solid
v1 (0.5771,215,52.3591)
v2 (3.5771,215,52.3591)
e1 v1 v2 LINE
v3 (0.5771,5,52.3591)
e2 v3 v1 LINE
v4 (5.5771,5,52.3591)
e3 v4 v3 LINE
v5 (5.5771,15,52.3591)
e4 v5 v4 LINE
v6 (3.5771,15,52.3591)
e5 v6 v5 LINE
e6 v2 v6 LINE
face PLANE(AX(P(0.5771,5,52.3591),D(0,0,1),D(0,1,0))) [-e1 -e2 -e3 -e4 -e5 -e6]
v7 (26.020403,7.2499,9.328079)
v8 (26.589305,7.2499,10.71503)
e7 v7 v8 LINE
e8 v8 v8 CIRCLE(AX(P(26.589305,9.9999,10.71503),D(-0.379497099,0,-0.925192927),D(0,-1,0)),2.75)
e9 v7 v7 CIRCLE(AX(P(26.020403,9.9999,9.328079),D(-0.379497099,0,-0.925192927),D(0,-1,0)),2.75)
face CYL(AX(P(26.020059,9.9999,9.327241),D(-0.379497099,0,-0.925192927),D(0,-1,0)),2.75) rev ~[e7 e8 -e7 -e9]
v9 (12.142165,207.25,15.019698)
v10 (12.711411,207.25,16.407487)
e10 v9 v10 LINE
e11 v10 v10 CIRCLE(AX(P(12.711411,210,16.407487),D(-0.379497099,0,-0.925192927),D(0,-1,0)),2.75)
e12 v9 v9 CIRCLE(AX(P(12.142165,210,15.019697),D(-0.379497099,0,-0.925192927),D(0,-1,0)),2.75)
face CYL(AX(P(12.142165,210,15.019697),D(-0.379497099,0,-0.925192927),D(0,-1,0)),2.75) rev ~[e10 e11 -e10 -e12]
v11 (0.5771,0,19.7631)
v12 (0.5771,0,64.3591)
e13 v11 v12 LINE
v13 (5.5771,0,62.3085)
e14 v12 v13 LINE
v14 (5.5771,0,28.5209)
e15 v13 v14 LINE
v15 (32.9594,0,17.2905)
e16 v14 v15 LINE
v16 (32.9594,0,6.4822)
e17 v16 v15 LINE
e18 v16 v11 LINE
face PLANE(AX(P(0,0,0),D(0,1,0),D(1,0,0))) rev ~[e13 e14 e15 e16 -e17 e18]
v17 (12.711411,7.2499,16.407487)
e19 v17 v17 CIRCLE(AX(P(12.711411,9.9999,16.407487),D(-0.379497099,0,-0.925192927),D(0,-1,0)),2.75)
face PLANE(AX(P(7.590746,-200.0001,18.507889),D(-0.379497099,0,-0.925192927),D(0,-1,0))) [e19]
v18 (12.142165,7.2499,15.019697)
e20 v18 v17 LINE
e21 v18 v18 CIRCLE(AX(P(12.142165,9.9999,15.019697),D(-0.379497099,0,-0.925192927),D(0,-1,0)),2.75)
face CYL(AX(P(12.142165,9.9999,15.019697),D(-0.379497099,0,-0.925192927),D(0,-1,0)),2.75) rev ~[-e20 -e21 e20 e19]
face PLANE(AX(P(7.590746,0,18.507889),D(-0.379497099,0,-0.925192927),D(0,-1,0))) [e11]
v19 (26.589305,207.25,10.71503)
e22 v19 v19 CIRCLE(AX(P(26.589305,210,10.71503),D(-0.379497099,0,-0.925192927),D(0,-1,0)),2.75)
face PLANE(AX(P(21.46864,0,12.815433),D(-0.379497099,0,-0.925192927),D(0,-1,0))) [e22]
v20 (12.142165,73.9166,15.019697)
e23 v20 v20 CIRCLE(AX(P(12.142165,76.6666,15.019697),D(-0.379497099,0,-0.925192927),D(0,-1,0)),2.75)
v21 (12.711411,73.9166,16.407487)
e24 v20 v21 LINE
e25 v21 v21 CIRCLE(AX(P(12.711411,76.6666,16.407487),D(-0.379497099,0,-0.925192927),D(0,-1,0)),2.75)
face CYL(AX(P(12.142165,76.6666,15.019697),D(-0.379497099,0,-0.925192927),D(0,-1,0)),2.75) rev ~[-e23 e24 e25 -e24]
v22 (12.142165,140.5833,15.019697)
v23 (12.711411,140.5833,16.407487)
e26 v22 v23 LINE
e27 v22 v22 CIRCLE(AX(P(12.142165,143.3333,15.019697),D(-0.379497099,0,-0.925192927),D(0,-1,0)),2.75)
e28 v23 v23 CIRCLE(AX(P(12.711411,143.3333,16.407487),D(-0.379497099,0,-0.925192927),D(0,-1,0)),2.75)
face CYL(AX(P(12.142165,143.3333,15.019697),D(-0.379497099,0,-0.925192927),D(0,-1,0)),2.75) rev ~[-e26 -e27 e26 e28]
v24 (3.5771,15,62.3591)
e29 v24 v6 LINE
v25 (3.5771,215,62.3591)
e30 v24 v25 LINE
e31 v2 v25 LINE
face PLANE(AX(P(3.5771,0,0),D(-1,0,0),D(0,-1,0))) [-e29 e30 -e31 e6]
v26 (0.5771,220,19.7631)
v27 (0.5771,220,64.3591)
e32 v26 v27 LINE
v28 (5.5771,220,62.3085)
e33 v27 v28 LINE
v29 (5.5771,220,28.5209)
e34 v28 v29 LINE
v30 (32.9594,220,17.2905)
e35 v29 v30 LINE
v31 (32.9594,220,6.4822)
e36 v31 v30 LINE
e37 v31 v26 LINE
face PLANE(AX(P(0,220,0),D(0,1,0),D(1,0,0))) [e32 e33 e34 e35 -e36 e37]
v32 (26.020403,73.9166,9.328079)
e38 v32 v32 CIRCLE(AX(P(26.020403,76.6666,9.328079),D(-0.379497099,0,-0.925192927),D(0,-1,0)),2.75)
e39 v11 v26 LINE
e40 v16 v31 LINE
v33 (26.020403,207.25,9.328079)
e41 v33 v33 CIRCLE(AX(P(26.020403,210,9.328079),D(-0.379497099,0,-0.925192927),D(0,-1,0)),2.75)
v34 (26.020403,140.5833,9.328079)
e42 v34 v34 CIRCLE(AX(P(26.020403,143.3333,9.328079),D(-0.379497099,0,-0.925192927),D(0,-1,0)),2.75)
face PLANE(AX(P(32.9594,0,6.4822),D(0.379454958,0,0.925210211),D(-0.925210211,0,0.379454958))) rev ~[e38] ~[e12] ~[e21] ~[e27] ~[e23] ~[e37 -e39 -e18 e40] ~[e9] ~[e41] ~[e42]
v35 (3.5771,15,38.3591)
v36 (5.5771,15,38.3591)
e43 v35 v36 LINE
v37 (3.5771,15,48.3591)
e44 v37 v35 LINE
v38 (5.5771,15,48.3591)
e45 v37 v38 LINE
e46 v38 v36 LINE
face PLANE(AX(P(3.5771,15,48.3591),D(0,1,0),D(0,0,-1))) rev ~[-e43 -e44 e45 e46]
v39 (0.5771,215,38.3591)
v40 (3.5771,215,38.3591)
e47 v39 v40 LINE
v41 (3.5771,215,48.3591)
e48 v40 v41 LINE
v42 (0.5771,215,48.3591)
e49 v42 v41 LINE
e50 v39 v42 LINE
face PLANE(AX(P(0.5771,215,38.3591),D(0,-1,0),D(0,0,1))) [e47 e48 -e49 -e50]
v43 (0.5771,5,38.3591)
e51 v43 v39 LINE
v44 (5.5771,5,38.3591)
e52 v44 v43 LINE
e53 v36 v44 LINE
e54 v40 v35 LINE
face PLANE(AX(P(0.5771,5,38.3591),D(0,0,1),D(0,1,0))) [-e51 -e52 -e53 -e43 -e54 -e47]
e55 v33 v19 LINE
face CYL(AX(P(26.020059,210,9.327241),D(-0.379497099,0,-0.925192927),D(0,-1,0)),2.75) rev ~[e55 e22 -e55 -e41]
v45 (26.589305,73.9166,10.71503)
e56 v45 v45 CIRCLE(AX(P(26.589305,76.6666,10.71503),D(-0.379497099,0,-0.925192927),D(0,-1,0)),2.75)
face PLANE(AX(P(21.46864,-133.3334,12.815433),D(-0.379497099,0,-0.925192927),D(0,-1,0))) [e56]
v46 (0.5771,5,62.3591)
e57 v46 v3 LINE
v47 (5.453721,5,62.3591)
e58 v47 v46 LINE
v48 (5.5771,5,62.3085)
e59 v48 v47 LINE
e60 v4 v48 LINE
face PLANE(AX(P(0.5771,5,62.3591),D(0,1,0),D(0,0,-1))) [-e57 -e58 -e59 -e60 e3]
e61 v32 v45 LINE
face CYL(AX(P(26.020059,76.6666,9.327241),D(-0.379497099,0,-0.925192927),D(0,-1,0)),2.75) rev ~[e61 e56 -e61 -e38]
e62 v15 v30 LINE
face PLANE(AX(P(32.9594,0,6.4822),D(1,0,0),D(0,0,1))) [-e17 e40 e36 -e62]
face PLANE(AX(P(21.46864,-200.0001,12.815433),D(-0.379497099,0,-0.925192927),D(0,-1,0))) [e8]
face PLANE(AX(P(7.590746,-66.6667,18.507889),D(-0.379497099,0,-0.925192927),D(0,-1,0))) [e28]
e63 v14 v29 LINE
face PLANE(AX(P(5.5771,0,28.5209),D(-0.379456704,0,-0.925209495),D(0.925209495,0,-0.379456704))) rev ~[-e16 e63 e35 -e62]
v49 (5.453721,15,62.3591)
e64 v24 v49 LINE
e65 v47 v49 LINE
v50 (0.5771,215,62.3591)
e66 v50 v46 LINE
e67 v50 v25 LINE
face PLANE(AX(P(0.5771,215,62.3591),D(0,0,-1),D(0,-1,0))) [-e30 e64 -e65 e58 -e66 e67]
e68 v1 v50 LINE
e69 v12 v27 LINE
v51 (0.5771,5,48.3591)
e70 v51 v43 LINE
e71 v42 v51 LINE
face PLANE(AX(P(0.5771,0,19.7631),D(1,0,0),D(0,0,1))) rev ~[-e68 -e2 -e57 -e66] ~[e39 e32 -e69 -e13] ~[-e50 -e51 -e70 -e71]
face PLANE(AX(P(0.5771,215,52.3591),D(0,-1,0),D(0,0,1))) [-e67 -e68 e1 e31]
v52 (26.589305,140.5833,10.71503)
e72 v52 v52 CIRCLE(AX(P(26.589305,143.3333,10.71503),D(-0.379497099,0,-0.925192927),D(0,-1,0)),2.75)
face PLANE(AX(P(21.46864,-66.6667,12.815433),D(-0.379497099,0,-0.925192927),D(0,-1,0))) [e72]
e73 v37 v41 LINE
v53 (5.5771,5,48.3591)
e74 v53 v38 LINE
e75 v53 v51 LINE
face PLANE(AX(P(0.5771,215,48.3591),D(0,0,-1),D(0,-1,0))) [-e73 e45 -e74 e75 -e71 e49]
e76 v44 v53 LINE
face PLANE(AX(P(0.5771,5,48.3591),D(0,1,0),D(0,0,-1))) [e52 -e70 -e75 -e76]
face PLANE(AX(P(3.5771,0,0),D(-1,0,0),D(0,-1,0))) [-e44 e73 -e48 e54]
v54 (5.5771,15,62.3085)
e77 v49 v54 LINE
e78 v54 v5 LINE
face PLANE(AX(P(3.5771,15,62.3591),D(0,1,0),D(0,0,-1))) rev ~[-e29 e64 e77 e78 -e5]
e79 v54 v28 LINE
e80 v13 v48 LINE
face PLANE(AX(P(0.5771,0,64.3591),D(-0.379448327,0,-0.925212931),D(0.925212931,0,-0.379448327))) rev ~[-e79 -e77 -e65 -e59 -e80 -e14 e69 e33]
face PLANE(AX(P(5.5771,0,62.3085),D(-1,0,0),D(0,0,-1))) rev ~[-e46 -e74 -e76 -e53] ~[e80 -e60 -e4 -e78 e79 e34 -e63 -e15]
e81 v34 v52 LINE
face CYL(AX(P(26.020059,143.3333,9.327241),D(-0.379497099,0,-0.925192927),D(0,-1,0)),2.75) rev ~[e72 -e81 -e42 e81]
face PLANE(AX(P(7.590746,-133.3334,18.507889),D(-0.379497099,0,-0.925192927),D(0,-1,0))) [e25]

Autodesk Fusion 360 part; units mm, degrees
sketch "Name Sign LED Holder Top" plane through (0, 0, 0) normal (0, 1, 0) x (1, 0, 0)
  line L0 (0.5771, -64.3591) -> (5.5771, -64.3591)
  line L1 (5.5771, -64.3591) -> (5.5771, -28.5209)
  line L2 (5.5771, -28.5209) -> (36.754, -15.7343)
  line L3 (36.754, -15.7343) -> (32.9594, -6.4822)
  line L4 (32.9594, -6.4822) -> (0.5771, -19.7631)
  line L5 (0.5771, -19.7631) -> (0.5771, -64.3591)
  line L6 (0.5771, -64.3591) -> (5.5771, -62.3085)
  line L7 (32.9594, -6.4822) -> (32.9594, -17.2905)
  dimension "d1" = 5
  dimension "d2" = 10
  dimension "d3" = 112.3
  dimension "d16" = 44.596
  dimension "d18" = 22.3
  dimension "d20" = 35
extrude "Extrude1" add sketch "Name Sign LED Holder Top" along normal blind 220 contours L1 L2 L4 L5 L6 L7
sketch "LED Grooves" plane through (0.5771, 0, 0) normal (-1, 0, 0) x (0, -1, 0)
  line L0 (0, 19.7631) -> (0, 64.3591)
  line L1 (-220, 64.3591) -> (-220, 19.7631)
  line L2 (-220, 19.7631) -> (0, 19.7631)
  line L3 (-215, 62.3591) -> (-5, 62.3591)
  line L4 (-5, 62.3591) -> (-5, 52.3591)
  line L5 (-5, 52.3591) -> (-215, 52.3591)
  line L6 (-215, 52.3591) -> (-215, 62.3591)
  line L7 (-215, 48.3591) -> (-5, 48.3591)
  line L8 (-5, 48.3591) -> (-5, 38.3591)
  line L9 (-5, 38.3591) -> (-215, 38.3591)
  line L10 (-215, 38.3591) -> (-215, 48.3591)
  line L11 (-5, 62.3591) -> (-15, 62.3591)
  line L12 (-15, 52.3591) -> (-5, 52.3591)
  line L13 (-5, 52.3591) -> (-5, 62.3591)
  line L14 (-5, 48.3591) -> (-15, 48.3591)
  line L15 (-15, 38.3591) -> (-5, 38.3591)
  line L16 (-5, 38.3591) -> (-5, 48.3591)
  line L17 (0, 64.3591) -> (-220, 64.3591)
  dimension "d6" = 210
  dimension "d7" = 210
  dimension "d8" = 5
  dimension "d9" = 5
  dimension "d12" = 10
  dimension "d13" = 10
  dimension "d22" = 4
  dimension "d30" = 2
extrude "Extrude2" cut sketch "LED Grooves" against normal blind 3 contours L3 L4 L5 L6 L11 L12 L13 | L7 L8 L9 L10 L14 L15 L16
sketch "Top LED Hole" plane through (3.5771, 0, 0) normal (-1, 0, 0) x (0, -1, 0)
  line L0 (-215, 52.3591) -> (-5, 52.3591)
  line L1 (-5, 52.3591) -> (-5, 62.3591)
  line L2 (-5, 62.3591) -> (-215, 62.3591)
  line L3 (-215, 62.3591) -> (-215, 52.3591)
  line L4 (-5, 62.3591) -> (-15, 62.3591)
  line L5 (-15, 62.3591) -> (-15, 52.3591)
  line L6 (-15, 52.3591) -> (-5, 52.3591)
  line L7 (-5, 52.3591) -> (-5, 62.3591)
  dimension "d33" = 10
  dimension "d34" = 10
sketch "Bottom LED Hole" plane through (3.5771, 0, 0) normal (-1, 0, 0) x (0, -1, 0)
  line L0 (-215, 38.3591) -> (-5, 38.3591)
  line L1 (-5, 38.3591) -> (-5, 48.3591)
  line L2 (-215, 48.3591) -> (-215, 38.3591)
  line L3 (-5, 48.3591) -> (-15, 48.3591)
  line L4 (-15, 48.3591) -> (-15, 38.3591)
  line L5 (-15, 38.3591) -> (-5, 38.3591)
  line L6 (-5, 38.3591) -> (-5, 48.3591)
  line L7 (-5, 48.3591) -> (-215, 48.3591)
  dimension "d26" = 10
  dimension "d27" = 10
extrude "Extrude3" cut sketch "Top LED Hole" sketch "Bottom LED Hole" against normal blind 2 contours L0 L1 L2 L4 L5 L6 L7 of sketch 2 contours L0 L1 L3 L4 L5 L6 L7
sketch "Magnet Holes" plane through (7.0215, 0, 17.1201) normal (-0.3795, 0, -0.9252) x (0, -1, 0)
  line L0 (0, -28.0347) -> (0, 6.9653)
  line L1 (0, 6.9653) -> (-220, 6.9653)
  line L2 (-220, 6.9653) -> (-220, -28.0347)
  line L3 (-220, -28.0347) -> (0, -28.0347)
  circle A0 centre (-210, -5.5347) radius 2.75
  dimension "d39" = 5.5
  dimension "d47" = 10
  dimension "d48" = 12.5
extrude "Extrude4" cut sketch "Magnet Holes" against normal blind 1.5 contours A0
pattern_linear "R-Pattern1" count 4 spacing 66.6667 along (0, -1, 0) count 2 spacing 15 along (0.9252, 0, -0.3795) of "Extrude4"
equation "d4 = 200 mm + 10 mm + 5 mm + 5 mm"
equation "d6 = 200 mm + 10 mm"
equation "d7 = 200 mm + 10 mm"
equation "d16 = 50 mm - 5.404 mm"
equation "magnet_hole_diameter = 5.5 mm"
equation "magnet_hole_depth = 1.5 mm"
equation "d39 = magnet_hole_diameter"
equation "d45 = magnet_pattern_height"
equation "magnet_hole_side_offset = 10 mm"
equation "d47 = magnet_hole_side_offset"
equation "d48 = vertical_part_width + magnet_hole_top_offset"
equation "magnet_hole_top_offset = 7.5 mm"
equation "magnet_pattern_length = 220.00 mm - 2 * ( magnet_hole_side_offset )"
equation "magnet_pattern_height = 35.00 mm - vertical_part_width - 2 * ( magnet_hole_top_offset )"
equation "vertical_part_width = 5.00 mm"
